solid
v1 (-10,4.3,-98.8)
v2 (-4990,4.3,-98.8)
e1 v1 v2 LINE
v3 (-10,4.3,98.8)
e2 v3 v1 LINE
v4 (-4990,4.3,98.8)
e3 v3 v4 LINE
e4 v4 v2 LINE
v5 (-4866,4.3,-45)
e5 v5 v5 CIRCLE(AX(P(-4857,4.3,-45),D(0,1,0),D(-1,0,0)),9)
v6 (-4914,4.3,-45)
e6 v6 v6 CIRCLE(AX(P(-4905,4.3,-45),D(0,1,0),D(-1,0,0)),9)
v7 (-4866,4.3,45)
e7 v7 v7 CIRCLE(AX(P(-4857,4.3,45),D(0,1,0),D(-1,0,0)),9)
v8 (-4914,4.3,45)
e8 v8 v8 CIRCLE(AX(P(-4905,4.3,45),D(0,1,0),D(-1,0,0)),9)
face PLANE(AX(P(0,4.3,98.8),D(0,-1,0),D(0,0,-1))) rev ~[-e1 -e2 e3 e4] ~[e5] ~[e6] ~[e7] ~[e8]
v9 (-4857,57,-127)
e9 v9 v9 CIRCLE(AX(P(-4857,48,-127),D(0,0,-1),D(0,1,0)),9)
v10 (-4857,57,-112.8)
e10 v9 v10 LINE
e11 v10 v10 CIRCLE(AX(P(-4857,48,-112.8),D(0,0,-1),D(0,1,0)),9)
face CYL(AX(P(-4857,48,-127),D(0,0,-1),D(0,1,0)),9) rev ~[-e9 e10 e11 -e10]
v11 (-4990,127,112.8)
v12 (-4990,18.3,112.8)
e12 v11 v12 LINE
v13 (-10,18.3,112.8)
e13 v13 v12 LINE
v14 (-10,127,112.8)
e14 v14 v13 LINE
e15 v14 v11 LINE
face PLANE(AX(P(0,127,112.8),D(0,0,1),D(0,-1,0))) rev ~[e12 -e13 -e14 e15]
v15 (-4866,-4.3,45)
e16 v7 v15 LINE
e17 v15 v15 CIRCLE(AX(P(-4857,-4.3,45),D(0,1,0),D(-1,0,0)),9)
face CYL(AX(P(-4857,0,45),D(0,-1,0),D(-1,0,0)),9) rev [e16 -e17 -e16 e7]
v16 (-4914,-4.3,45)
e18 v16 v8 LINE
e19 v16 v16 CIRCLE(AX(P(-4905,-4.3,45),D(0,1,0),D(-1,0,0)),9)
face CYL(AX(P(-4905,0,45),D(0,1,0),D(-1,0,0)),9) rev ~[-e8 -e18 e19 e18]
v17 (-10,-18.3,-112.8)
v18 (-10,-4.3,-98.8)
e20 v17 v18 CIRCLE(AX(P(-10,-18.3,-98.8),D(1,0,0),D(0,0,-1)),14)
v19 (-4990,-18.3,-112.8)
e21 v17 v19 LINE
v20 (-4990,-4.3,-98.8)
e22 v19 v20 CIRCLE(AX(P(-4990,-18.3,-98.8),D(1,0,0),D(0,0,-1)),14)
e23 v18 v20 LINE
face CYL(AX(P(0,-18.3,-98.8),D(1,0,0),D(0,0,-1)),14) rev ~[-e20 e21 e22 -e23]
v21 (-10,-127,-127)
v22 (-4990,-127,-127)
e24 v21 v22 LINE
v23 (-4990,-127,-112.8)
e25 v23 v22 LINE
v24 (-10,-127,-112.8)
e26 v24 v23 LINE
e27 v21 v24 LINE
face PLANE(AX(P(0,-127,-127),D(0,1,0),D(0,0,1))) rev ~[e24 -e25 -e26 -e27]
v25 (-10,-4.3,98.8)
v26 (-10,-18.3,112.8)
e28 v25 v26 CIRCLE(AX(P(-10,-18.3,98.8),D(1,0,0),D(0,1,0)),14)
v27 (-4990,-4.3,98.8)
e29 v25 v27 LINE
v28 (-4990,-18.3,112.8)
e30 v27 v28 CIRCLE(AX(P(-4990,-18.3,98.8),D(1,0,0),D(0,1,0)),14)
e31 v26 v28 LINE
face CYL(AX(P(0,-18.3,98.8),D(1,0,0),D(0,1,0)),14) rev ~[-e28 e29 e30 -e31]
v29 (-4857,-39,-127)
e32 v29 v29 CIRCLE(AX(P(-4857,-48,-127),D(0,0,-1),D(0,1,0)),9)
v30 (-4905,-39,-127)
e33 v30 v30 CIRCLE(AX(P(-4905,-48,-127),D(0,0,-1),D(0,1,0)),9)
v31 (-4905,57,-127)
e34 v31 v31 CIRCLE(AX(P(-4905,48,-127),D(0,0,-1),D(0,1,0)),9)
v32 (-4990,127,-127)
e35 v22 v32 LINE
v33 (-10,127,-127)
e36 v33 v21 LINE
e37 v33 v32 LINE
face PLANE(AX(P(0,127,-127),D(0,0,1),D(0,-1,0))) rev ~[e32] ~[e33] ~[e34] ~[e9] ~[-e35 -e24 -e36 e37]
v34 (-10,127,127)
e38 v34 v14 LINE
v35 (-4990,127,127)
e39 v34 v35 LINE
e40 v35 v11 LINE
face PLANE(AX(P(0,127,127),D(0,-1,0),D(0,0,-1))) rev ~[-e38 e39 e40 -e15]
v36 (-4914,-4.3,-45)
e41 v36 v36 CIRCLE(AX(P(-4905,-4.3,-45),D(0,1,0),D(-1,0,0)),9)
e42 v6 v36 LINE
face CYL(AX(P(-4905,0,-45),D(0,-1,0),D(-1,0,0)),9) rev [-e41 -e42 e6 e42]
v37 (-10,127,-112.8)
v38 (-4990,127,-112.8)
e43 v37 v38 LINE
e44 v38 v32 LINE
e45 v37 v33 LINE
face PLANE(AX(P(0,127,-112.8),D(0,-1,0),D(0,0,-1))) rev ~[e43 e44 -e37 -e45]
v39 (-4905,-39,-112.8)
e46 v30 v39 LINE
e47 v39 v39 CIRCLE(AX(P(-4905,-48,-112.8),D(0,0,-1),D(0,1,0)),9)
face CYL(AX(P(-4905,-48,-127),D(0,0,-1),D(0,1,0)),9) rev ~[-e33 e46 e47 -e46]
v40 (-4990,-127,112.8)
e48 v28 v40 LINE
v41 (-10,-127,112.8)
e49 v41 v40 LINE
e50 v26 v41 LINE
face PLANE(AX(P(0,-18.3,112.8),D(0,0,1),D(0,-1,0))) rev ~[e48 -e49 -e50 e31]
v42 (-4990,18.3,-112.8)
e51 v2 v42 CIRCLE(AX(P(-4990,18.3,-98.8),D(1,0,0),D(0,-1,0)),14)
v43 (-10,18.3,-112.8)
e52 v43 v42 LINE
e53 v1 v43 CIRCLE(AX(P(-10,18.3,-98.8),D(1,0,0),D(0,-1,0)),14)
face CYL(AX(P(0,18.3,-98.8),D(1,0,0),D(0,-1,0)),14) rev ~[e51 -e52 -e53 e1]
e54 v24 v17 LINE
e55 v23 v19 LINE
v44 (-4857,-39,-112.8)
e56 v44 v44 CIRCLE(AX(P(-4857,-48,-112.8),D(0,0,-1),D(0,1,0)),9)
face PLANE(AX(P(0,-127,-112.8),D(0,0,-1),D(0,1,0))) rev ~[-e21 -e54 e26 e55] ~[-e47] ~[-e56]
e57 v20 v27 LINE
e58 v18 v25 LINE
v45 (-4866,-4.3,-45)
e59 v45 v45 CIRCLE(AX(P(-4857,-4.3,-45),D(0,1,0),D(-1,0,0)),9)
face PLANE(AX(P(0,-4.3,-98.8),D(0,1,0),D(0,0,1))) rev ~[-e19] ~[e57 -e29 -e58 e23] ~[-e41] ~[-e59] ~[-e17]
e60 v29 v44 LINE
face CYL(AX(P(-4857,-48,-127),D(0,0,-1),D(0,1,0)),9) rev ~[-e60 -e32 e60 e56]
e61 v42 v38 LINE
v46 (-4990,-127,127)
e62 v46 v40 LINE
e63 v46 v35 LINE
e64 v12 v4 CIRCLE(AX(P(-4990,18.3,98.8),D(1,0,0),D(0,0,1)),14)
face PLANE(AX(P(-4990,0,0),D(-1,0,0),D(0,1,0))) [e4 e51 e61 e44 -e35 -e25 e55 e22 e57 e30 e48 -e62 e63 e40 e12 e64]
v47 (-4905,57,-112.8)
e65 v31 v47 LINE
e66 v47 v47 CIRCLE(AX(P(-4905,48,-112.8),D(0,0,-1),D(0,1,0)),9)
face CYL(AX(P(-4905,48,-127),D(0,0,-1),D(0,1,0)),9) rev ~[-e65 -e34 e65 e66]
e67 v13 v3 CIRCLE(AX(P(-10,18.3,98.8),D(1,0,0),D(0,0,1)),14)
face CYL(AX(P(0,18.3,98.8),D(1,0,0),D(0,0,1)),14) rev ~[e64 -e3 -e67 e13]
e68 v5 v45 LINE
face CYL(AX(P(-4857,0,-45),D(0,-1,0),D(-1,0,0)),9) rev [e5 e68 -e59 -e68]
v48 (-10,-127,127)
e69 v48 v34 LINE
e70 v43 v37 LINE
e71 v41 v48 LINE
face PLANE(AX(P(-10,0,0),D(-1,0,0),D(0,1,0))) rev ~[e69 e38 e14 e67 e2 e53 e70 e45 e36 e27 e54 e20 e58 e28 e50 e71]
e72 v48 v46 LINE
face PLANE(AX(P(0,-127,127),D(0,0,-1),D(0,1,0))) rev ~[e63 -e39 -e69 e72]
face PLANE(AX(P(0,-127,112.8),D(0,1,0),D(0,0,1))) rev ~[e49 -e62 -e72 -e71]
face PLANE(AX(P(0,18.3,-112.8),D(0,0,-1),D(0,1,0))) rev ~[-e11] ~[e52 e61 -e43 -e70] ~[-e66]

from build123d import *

# Parameters (mm, degrees)
UNIVERSAL_COLUMN_ICS_250UC72_9_1_DEPTH = 5000
SKETCH3_R                              = 9
CUT_EXTRUDE2_DEPTH                     = 14.2
SKETCH20_R                             = 9
CUT_EXTRUDE19_DEPTH                    = 4.3
SKETCH21_W                             = 254
SKETCH21_H                             = 254
CUT_EXTRUDE20_DEPTH                    = 10
SKETCH22_W                             = 282
SKETCH22_H                             = 282
CUT_EXTRUDE21_DEPTH                    = 10


with BuildPart() as part:
    # Sketch1 → Universal Column_ics 250UC72.9(1) (new body)
    with BuildSketch(Plane(origin=(0, 0, 0), x_dir=(0, 1, 0), z_dir=(-1, 0, 0))):
        with BuildLine():
            Line((-127, -127), (127, -127))
            Line((127, -127), (127, -112.8))
            Line((127, -112.8), (18.3, -112.8))
            ThreePointArc((18.3, -112.8), (8.400505063, -108.699494937), (4.3, -98.8))
            Line((4.3, -98.8), (4.3, 98.8))
            ThreePointArc((4.3, 98.8), (8.400505063, 108.699494937), (18.3, 112.8))
            Line((18.3, 112.8), (127, 112.8))
            Line((127, 112.8), (127, 127))
            Line((127, 127), (-127, 127))
            Line((-127, 127), (-127, 112.8))
            Line((-127, 112.8), (-18.3, 112.8))
            ThreePointArc((-18.3, 112.8), (-8.400505063, 108.699494937), (-4.3, 98.8))
            Line((-4.3, 98.8), (-4.3, -98.8))
            ThreePointArc((-4.3, -98.8), (-8.400505063, -108.699494937), (-18.3, -112.8))
            Line((-18.3, -112.8), (-127, -112.8))
            Line((-127, -112.8), (-127, -127))
        make_face()
    extrude(amount=UNIVERSAL_COLUMN_ICS_250UC72_9_1_DEPTH)

    # Sketch3 → Cut-Extrude2 (cut)
    with BuildSketch(Plane(origin=(-4890.5, 0, -127), x_dir=(0, -1, 0), z_dir=(0, 0, -1))):
        with Locations(Location((48, -33.5, 0), (0, 0, 180))):
            Circle(SKETCH3_R)
        with Locations(Location((48, 14.5, 0), (0, 0, 180))):
            Circle(SKETCH3_R)
        with Locations(Location((-48, -33.5, 0), (0, 0, 180))):
            Circle(SKETCH3_R)
        with Locations(Location((-48, 14.5, 0), (0, 0, 180))):
            Circle(SKETCH3_R)
    extrude(amount=-CUT_EXTRUDE2_DEPTH, mode=Mode.SUBTRACT)

    # Sketch20 → Cut-Extrude19 (cut, symmetric)
    with BuildSketch(Plane(origin=(-4890.5, 0, 0), x_dir=(0, 0, -1), z_dir=(0, 1, 0))):
        with Locations(Location((45, -33.5, 0), (0, 0, 90))):
            Circle(SKETCH20_R)
        with Locations(Location((-45, -33.5, 0), (0, 0, 90))):
            Circle(SKETCH20_R)
        with Locations(Location((45, 14.5, 0), (0, 0, 90))):
            Circle(SKETCH20_R)
        with Locations(Location((-45, 14.5, 0), (0, 0, 90))):
            Circle(SKETCH20_R)
    extrude(amount=CUT_EXTRUDE19_DEPTH, both=True, mode=Mode.SUBTRACT)

    # Sketch21 → Cut-Extrude20 (cut)
    with BuildSketch(Plane(origin=(-5000, 0, 0), x_dir=(0, 1, 0), z_dir=(-1, 0, 0))):
        Rectangle(SKETCH21_W, SKETCH21_H)
    extrude(amount=-CUT_EXTRUDE20_DEPTH, mode=Mode.SUBTRACT)

    # Sketch22 → Cut-Extrude21 (cut)
    with BuildSketch(Plane(origin=(0, 0, 0), x_dir=(0, 1, 0), z_dir=(-1, 0, 0))):
        Rectangle(SKETCH22_W, SKETCH22_H)
    extrude(amount=CUT_EXTRUDE21_DEPTH, mode=Mode.SUBTRACT)


solid = part.part
